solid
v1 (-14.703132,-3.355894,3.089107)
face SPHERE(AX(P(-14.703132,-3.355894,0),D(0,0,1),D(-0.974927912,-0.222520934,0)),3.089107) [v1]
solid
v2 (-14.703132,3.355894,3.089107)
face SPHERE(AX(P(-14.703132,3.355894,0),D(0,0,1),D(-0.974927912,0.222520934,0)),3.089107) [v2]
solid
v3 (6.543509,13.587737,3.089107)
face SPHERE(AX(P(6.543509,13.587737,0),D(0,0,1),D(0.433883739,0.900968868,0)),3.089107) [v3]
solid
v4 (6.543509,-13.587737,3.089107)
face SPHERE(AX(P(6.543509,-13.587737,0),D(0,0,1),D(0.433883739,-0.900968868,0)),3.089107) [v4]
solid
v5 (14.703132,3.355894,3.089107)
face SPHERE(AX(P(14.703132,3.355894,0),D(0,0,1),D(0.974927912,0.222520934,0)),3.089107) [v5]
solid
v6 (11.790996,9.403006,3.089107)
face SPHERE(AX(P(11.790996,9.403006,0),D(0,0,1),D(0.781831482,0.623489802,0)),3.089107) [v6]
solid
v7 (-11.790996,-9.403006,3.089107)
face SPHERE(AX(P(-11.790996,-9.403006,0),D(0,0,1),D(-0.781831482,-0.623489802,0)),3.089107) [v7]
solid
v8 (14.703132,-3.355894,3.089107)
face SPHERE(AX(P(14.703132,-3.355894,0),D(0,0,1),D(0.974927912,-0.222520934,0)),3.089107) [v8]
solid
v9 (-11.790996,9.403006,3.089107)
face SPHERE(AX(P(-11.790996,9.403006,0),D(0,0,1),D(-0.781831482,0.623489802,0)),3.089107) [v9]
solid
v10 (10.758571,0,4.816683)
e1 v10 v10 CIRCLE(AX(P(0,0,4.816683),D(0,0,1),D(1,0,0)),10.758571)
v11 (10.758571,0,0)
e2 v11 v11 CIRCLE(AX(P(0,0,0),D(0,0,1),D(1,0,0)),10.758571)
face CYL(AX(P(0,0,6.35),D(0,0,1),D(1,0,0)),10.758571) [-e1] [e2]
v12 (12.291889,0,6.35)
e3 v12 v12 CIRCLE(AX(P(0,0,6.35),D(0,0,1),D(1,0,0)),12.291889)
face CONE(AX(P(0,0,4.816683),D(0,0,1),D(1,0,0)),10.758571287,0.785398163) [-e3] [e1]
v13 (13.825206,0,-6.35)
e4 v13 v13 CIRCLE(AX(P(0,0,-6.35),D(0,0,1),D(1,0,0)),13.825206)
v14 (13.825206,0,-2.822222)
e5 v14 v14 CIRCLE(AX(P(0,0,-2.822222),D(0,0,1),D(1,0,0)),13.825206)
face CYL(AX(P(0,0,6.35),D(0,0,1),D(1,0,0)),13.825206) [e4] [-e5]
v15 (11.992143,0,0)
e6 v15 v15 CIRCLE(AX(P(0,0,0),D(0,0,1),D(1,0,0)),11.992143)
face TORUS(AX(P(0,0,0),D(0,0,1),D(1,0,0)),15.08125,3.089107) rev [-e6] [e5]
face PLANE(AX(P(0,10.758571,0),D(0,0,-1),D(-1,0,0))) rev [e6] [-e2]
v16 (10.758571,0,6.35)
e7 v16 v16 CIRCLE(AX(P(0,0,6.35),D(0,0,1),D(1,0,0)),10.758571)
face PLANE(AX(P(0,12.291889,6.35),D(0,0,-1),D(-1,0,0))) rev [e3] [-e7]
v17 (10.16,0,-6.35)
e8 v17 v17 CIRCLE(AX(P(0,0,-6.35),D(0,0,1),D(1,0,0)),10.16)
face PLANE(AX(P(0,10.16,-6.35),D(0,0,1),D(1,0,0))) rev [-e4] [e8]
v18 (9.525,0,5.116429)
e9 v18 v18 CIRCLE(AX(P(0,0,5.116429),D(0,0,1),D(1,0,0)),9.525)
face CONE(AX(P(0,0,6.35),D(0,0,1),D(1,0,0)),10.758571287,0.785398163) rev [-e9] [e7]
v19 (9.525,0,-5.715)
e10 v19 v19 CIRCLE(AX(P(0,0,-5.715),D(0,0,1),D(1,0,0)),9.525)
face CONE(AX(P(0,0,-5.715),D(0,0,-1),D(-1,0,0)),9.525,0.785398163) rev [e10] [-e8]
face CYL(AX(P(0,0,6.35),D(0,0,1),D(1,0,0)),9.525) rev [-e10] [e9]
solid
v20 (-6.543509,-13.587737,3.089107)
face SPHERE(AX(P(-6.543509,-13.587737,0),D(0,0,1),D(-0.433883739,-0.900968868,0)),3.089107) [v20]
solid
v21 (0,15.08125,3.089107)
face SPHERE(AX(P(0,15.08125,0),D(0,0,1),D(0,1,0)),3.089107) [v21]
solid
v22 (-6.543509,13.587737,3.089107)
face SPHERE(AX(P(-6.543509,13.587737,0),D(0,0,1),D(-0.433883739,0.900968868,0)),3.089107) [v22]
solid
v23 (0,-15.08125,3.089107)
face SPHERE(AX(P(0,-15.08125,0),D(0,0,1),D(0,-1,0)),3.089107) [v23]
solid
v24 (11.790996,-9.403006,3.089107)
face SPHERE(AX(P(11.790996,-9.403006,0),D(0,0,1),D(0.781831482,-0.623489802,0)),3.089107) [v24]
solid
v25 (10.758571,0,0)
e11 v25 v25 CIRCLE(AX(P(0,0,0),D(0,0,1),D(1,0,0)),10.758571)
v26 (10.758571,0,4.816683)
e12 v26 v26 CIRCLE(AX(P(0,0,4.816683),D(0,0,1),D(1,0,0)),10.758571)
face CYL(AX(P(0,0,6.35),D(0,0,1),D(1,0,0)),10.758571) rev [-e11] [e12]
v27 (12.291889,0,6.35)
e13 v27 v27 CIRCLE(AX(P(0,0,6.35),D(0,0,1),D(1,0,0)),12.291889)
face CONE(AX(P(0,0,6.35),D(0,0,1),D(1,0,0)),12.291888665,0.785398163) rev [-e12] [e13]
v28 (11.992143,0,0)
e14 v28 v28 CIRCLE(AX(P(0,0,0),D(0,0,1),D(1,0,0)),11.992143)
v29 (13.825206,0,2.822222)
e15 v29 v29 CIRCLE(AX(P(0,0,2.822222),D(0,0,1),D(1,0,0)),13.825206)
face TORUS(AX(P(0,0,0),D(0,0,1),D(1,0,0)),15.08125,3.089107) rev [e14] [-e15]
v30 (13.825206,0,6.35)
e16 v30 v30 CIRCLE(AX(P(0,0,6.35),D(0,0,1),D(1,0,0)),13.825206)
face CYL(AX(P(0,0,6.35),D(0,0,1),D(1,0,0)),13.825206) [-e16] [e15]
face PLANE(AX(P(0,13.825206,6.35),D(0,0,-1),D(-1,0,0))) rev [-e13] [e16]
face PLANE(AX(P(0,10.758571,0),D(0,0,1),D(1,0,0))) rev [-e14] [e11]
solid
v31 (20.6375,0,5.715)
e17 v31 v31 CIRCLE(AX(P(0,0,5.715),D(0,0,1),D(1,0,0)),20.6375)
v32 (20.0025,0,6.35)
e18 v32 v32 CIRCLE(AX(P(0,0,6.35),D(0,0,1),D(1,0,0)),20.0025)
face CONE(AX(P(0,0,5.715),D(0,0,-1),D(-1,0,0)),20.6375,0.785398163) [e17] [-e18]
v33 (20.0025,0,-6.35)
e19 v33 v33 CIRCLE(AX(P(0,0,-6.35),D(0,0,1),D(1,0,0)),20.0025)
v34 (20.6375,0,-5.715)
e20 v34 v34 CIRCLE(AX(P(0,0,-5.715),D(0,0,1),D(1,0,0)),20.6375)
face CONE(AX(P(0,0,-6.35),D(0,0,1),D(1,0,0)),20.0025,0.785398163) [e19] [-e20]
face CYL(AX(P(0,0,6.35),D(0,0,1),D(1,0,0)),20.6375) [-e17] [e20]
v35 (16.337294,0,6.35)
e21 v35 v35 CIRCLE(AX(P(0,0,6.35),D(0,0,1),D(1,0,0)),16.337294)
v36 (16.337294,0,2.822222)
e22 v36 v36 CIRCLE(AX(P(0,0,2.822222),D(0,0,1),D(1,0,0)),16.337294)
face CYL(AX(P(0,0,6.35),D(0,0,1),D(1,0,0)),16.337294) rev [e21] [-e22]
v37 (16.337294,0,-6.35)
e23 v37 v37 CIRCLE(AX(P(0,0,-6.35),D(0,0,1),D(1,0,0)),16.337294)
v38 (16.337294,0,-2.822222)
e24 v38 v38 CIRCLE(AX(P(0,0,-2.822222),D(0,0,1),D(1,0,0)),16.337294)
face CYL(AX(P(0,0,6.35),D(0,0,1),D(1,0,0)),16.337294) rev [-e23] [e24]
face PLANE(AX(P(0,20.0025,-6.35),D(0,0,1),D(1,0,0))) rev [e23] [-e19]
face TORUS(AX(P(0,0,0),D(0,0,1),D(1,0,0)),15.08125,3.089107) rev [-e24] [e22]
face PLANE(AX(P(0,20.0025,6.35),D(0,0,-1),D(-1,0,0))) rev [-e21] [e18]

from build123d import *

# Parameters (mm, degrees)
CIRPATTERN1_COUNT = 14


with BuildPart() as part:
    # Sketch1 → Revolve1 (revolve)
    with BuildSketch(Plane(origin=(0, 0, 0), x_dir=(0, 0, -1), z_dir=(1, 0, 0)), mode=Mode.PRIVATE) as revolve1_sk:
        with BuildLine():
            Line((5.715, 20.6375), (-5.715, 20.6375))
            Line((-5.715, 20.6375), (-6.35, 20.0025))
            Line((-6.35, 20.0025), (-6.35, 16.337293956))
            Line((-6.35, 16.337293956), (-2.822222222, 16.337293956))
            ThreePointArc((-2.822222222, 16.337293956), (0, 18.170357426), (2.822222222, 16.337293956))
            Line((2.822222222, 16.337293956), (6.35, 16.337293956))
            Line((6.35, 16.337293956), (6.35, 20.0025))
            Line((6.35, 20.0025), (5.715, 20.6375))
        make_face()
    revolve(revolve1_sk.sketch.rotate(Axis((0, 0, 6.35), (0, 0, -1)), 90), axis=Axis((0, 0, 6.35), (0, 0, -1)))  # turned: the seam where the file's is


with BuildPart() as body_2:
    # Sketch2 → Revolve2 (revolve)
    with BuildSketch(Plane(origin=(0, 0, 0), x_dir=(0, 0, -1), z_dir=(1, 0, 0)), mode=Mode.PRIVATE) as revolve2_sk:
        with BuildLine():
            Line((-6.35, 13.825206044), (-2.822222222, 13.825206044))
            ThreePointArc((-2.822222222, 13.825206044), (-1.682636321, 12.490628511), (0, 11.992142574))
            Line((0, 11.992142574), (0, 10.758571287))
            Line((0, 10.758571287), (-4.816682621, 10.758571287))
            Line((-4.816682621, 10.758571287), (-6.35, 12.291888665))
            Line((-6.35, 12.291888665), (-6.35, 13.825206044))
        make_face()
    revolve(revolve2_sk.sketch.rotate(Axis((0, 0, 6.35), (0, 0, -1)), 90), axis=Axis((0, 0, 6.35), (0, 0, -1)))  # turned: the seam where the file's is


with BuildPart() as body_3:
    # Sketch3 → Revolve3 (revolve)
    with BuildSketch(Plane(origin=(0, 0, 0), x_dir=(0, 0, -1), z_dir=(1, 0, 0)), mode=Mode.PRIVATE) as revolve3_sk:
        with BuildLine():
            Line((-6.35, 12.291888665), (-4.816682621, 10.758571287))
            Line((-4.816682621, 10.758571287), (0, 10.758571287))
            Line((0, 10.758571287), (0, 11.992142574))
            ThreePointArc((0, 11.992142574), (1.682636321, 12.490628511), (2.822222222, 13.825206044))
            Line((2.822222222, 13.825206044), (6.35, 13.825206044))
            Line((6.35, 13.825206044), (6.35, 10.16))
            Line((6.35, 10.16), (5.715, 9.525))
            Line((5.715, 9.525), (-5.116428713, 9.525))
            Line((-5.116428713, 9.525), (-6.35, 10.758571287))
            Line((-6.35, 10.758571287), (-6.35, 12.291888665))
        make_face()
    revolve(revolve3_sk.sketch.rotate(Axis((0, 0, 6.35), (0, 0, -1)), 90), axis=Axis((0, 0, 6.35), (0, 0, -1)))  # turned: the seam where the file's is


with BuildPart() as body_4:
    # Sketch4 → Revolve4 (revolve)
    with BuildSketch(Plane(origin=(0, 0, 0), x_dir=(0, 0, -1), z_dir=(1, 0, 0))):
        with BuildLine():
            Line((-3.089107426, 15.08125), (3.089107426, 15.08125))
            ThreePointArc((3.089107426, 15.08125), (0, 18.170357426), (-3.089107426, 15.08125))
        make_face()
    revolve(axis=Axis((0, 15.08125, 3.089107426), (0, 0, -1)))


with BuildPart() as cirpattern1_1:
    # CirPattern1: pattern copy
    add(body_4.part.rotate(Axis((0, 0, 0), (0, 0, 1)), 1 * 360 / CIRPATTERN1_COUNT))


with BuildPart() as cirpattern1_2:
    # CirPattern1: pattern copy
    add(body_4.part.rotate(Axis((0, 0, 0), (0, 0, 1)), 2 * 360 / CIRPATTERN1_COUNT))


with BuildPart() as cirpattern1_3:
    # CirPattern1: pattern copy
    add(body_4.part.rotate(Axis((0, 0, 0), (0, 0, 1)), 3 * 360 / CIRPATTERN1_COUNT))


with BuildPart() as cirpattern1_4:
    # CirPattern1: pattern copy
    add(body_4.part.rotate(Axis((0, 0, 0), (0, 0, 1)), 4 * 360 / CIRPATTERN1_COUNT))


with BuildPart() as cirpattern1_5:
    # CirPattern1: pattern copy
    add(body_4.part.rotate(Axis((0, 0, 0), (0, 0, 1)), 5 * 360 / CIRPATTERN1_COUNT))


with BuildPart() as cirpattern1_6:
    # CirPattern1: pattern copy
    add(body_4.part.rotate(Axis((0, 0, 0), (0, 0, 1)), 6 * 360 / CIRPATTERN1_COUNT))


with BuildPart() as cirpattern1_7:
    # CirPattern1: pattern copy
    add(body_4.part.rotate(Axis((0, 0, 0), (0, 0, 1)), 7 * 360 / CIRPATTERN1_COUNT))


with BuildPart() as cirpattern1_8:
    # CirPattern1: pattern copy
    add(body_4.part.rotate(Axis((0, 0, 0), (0, 0, 1)), 8 * 360 / CIRPATTERN1_COUNT))


with BuildPart() as cirpattern1_9:
    # CirPattern1: pattern copy
    add(body_4.part.rotate(Axis((0, 0, 0), (0, 0, 1)), 9 * 360 / CIRPATTERN1_COUNT))


with BuildPart() as cirpattern1_10:
    # CirPattern1: pattern copy
    add(body_4.part.rotate(Axis((0, 0, 0), (0, 0, 1)), 10 * 360 / CIRPATTERN1_COUNT))


with BuildPart() as cirpattern1_11:
    # CirPattern1: pattern copy
    add(body_4.part.rotate(Axis((0, 0, 0), (0, 0, 1)), 11 * 360 / CIRPATTERN1_COUNT))


with BuildPart() as cirpattern1_12:
    # CirPattern1: pattern copy
    add(body_4.part.rotate(Axis((0, 0, 0), (0, 0, 1)), 12 * 360 / CIRPATTERN1_COUNT))


with BuildPart() as cirpattern1_13:
    # CirPattern1: pattern copy
    add(body_4.part.rotate(Axis((0, 0, 0), (0, 0, 1)), 13 * 360 / CIRPATTERN1_COUNT))


solid = Compound([part.part, body_2.part, body_3.part, body_4.part, cirpattern1_1.part, cirpattern1_2.part, cirpattern1_3.part, cirpattern1_4.part, cirpattern1_5.part, cirpattern1_6.part, cirpattern1_7.part, cirpattern1_8.part, cirpattern1_9.part, cirpattern1_10.part, cirpattern1_11.part, cirpattern1_12.part, cirpattern1_13.part])
